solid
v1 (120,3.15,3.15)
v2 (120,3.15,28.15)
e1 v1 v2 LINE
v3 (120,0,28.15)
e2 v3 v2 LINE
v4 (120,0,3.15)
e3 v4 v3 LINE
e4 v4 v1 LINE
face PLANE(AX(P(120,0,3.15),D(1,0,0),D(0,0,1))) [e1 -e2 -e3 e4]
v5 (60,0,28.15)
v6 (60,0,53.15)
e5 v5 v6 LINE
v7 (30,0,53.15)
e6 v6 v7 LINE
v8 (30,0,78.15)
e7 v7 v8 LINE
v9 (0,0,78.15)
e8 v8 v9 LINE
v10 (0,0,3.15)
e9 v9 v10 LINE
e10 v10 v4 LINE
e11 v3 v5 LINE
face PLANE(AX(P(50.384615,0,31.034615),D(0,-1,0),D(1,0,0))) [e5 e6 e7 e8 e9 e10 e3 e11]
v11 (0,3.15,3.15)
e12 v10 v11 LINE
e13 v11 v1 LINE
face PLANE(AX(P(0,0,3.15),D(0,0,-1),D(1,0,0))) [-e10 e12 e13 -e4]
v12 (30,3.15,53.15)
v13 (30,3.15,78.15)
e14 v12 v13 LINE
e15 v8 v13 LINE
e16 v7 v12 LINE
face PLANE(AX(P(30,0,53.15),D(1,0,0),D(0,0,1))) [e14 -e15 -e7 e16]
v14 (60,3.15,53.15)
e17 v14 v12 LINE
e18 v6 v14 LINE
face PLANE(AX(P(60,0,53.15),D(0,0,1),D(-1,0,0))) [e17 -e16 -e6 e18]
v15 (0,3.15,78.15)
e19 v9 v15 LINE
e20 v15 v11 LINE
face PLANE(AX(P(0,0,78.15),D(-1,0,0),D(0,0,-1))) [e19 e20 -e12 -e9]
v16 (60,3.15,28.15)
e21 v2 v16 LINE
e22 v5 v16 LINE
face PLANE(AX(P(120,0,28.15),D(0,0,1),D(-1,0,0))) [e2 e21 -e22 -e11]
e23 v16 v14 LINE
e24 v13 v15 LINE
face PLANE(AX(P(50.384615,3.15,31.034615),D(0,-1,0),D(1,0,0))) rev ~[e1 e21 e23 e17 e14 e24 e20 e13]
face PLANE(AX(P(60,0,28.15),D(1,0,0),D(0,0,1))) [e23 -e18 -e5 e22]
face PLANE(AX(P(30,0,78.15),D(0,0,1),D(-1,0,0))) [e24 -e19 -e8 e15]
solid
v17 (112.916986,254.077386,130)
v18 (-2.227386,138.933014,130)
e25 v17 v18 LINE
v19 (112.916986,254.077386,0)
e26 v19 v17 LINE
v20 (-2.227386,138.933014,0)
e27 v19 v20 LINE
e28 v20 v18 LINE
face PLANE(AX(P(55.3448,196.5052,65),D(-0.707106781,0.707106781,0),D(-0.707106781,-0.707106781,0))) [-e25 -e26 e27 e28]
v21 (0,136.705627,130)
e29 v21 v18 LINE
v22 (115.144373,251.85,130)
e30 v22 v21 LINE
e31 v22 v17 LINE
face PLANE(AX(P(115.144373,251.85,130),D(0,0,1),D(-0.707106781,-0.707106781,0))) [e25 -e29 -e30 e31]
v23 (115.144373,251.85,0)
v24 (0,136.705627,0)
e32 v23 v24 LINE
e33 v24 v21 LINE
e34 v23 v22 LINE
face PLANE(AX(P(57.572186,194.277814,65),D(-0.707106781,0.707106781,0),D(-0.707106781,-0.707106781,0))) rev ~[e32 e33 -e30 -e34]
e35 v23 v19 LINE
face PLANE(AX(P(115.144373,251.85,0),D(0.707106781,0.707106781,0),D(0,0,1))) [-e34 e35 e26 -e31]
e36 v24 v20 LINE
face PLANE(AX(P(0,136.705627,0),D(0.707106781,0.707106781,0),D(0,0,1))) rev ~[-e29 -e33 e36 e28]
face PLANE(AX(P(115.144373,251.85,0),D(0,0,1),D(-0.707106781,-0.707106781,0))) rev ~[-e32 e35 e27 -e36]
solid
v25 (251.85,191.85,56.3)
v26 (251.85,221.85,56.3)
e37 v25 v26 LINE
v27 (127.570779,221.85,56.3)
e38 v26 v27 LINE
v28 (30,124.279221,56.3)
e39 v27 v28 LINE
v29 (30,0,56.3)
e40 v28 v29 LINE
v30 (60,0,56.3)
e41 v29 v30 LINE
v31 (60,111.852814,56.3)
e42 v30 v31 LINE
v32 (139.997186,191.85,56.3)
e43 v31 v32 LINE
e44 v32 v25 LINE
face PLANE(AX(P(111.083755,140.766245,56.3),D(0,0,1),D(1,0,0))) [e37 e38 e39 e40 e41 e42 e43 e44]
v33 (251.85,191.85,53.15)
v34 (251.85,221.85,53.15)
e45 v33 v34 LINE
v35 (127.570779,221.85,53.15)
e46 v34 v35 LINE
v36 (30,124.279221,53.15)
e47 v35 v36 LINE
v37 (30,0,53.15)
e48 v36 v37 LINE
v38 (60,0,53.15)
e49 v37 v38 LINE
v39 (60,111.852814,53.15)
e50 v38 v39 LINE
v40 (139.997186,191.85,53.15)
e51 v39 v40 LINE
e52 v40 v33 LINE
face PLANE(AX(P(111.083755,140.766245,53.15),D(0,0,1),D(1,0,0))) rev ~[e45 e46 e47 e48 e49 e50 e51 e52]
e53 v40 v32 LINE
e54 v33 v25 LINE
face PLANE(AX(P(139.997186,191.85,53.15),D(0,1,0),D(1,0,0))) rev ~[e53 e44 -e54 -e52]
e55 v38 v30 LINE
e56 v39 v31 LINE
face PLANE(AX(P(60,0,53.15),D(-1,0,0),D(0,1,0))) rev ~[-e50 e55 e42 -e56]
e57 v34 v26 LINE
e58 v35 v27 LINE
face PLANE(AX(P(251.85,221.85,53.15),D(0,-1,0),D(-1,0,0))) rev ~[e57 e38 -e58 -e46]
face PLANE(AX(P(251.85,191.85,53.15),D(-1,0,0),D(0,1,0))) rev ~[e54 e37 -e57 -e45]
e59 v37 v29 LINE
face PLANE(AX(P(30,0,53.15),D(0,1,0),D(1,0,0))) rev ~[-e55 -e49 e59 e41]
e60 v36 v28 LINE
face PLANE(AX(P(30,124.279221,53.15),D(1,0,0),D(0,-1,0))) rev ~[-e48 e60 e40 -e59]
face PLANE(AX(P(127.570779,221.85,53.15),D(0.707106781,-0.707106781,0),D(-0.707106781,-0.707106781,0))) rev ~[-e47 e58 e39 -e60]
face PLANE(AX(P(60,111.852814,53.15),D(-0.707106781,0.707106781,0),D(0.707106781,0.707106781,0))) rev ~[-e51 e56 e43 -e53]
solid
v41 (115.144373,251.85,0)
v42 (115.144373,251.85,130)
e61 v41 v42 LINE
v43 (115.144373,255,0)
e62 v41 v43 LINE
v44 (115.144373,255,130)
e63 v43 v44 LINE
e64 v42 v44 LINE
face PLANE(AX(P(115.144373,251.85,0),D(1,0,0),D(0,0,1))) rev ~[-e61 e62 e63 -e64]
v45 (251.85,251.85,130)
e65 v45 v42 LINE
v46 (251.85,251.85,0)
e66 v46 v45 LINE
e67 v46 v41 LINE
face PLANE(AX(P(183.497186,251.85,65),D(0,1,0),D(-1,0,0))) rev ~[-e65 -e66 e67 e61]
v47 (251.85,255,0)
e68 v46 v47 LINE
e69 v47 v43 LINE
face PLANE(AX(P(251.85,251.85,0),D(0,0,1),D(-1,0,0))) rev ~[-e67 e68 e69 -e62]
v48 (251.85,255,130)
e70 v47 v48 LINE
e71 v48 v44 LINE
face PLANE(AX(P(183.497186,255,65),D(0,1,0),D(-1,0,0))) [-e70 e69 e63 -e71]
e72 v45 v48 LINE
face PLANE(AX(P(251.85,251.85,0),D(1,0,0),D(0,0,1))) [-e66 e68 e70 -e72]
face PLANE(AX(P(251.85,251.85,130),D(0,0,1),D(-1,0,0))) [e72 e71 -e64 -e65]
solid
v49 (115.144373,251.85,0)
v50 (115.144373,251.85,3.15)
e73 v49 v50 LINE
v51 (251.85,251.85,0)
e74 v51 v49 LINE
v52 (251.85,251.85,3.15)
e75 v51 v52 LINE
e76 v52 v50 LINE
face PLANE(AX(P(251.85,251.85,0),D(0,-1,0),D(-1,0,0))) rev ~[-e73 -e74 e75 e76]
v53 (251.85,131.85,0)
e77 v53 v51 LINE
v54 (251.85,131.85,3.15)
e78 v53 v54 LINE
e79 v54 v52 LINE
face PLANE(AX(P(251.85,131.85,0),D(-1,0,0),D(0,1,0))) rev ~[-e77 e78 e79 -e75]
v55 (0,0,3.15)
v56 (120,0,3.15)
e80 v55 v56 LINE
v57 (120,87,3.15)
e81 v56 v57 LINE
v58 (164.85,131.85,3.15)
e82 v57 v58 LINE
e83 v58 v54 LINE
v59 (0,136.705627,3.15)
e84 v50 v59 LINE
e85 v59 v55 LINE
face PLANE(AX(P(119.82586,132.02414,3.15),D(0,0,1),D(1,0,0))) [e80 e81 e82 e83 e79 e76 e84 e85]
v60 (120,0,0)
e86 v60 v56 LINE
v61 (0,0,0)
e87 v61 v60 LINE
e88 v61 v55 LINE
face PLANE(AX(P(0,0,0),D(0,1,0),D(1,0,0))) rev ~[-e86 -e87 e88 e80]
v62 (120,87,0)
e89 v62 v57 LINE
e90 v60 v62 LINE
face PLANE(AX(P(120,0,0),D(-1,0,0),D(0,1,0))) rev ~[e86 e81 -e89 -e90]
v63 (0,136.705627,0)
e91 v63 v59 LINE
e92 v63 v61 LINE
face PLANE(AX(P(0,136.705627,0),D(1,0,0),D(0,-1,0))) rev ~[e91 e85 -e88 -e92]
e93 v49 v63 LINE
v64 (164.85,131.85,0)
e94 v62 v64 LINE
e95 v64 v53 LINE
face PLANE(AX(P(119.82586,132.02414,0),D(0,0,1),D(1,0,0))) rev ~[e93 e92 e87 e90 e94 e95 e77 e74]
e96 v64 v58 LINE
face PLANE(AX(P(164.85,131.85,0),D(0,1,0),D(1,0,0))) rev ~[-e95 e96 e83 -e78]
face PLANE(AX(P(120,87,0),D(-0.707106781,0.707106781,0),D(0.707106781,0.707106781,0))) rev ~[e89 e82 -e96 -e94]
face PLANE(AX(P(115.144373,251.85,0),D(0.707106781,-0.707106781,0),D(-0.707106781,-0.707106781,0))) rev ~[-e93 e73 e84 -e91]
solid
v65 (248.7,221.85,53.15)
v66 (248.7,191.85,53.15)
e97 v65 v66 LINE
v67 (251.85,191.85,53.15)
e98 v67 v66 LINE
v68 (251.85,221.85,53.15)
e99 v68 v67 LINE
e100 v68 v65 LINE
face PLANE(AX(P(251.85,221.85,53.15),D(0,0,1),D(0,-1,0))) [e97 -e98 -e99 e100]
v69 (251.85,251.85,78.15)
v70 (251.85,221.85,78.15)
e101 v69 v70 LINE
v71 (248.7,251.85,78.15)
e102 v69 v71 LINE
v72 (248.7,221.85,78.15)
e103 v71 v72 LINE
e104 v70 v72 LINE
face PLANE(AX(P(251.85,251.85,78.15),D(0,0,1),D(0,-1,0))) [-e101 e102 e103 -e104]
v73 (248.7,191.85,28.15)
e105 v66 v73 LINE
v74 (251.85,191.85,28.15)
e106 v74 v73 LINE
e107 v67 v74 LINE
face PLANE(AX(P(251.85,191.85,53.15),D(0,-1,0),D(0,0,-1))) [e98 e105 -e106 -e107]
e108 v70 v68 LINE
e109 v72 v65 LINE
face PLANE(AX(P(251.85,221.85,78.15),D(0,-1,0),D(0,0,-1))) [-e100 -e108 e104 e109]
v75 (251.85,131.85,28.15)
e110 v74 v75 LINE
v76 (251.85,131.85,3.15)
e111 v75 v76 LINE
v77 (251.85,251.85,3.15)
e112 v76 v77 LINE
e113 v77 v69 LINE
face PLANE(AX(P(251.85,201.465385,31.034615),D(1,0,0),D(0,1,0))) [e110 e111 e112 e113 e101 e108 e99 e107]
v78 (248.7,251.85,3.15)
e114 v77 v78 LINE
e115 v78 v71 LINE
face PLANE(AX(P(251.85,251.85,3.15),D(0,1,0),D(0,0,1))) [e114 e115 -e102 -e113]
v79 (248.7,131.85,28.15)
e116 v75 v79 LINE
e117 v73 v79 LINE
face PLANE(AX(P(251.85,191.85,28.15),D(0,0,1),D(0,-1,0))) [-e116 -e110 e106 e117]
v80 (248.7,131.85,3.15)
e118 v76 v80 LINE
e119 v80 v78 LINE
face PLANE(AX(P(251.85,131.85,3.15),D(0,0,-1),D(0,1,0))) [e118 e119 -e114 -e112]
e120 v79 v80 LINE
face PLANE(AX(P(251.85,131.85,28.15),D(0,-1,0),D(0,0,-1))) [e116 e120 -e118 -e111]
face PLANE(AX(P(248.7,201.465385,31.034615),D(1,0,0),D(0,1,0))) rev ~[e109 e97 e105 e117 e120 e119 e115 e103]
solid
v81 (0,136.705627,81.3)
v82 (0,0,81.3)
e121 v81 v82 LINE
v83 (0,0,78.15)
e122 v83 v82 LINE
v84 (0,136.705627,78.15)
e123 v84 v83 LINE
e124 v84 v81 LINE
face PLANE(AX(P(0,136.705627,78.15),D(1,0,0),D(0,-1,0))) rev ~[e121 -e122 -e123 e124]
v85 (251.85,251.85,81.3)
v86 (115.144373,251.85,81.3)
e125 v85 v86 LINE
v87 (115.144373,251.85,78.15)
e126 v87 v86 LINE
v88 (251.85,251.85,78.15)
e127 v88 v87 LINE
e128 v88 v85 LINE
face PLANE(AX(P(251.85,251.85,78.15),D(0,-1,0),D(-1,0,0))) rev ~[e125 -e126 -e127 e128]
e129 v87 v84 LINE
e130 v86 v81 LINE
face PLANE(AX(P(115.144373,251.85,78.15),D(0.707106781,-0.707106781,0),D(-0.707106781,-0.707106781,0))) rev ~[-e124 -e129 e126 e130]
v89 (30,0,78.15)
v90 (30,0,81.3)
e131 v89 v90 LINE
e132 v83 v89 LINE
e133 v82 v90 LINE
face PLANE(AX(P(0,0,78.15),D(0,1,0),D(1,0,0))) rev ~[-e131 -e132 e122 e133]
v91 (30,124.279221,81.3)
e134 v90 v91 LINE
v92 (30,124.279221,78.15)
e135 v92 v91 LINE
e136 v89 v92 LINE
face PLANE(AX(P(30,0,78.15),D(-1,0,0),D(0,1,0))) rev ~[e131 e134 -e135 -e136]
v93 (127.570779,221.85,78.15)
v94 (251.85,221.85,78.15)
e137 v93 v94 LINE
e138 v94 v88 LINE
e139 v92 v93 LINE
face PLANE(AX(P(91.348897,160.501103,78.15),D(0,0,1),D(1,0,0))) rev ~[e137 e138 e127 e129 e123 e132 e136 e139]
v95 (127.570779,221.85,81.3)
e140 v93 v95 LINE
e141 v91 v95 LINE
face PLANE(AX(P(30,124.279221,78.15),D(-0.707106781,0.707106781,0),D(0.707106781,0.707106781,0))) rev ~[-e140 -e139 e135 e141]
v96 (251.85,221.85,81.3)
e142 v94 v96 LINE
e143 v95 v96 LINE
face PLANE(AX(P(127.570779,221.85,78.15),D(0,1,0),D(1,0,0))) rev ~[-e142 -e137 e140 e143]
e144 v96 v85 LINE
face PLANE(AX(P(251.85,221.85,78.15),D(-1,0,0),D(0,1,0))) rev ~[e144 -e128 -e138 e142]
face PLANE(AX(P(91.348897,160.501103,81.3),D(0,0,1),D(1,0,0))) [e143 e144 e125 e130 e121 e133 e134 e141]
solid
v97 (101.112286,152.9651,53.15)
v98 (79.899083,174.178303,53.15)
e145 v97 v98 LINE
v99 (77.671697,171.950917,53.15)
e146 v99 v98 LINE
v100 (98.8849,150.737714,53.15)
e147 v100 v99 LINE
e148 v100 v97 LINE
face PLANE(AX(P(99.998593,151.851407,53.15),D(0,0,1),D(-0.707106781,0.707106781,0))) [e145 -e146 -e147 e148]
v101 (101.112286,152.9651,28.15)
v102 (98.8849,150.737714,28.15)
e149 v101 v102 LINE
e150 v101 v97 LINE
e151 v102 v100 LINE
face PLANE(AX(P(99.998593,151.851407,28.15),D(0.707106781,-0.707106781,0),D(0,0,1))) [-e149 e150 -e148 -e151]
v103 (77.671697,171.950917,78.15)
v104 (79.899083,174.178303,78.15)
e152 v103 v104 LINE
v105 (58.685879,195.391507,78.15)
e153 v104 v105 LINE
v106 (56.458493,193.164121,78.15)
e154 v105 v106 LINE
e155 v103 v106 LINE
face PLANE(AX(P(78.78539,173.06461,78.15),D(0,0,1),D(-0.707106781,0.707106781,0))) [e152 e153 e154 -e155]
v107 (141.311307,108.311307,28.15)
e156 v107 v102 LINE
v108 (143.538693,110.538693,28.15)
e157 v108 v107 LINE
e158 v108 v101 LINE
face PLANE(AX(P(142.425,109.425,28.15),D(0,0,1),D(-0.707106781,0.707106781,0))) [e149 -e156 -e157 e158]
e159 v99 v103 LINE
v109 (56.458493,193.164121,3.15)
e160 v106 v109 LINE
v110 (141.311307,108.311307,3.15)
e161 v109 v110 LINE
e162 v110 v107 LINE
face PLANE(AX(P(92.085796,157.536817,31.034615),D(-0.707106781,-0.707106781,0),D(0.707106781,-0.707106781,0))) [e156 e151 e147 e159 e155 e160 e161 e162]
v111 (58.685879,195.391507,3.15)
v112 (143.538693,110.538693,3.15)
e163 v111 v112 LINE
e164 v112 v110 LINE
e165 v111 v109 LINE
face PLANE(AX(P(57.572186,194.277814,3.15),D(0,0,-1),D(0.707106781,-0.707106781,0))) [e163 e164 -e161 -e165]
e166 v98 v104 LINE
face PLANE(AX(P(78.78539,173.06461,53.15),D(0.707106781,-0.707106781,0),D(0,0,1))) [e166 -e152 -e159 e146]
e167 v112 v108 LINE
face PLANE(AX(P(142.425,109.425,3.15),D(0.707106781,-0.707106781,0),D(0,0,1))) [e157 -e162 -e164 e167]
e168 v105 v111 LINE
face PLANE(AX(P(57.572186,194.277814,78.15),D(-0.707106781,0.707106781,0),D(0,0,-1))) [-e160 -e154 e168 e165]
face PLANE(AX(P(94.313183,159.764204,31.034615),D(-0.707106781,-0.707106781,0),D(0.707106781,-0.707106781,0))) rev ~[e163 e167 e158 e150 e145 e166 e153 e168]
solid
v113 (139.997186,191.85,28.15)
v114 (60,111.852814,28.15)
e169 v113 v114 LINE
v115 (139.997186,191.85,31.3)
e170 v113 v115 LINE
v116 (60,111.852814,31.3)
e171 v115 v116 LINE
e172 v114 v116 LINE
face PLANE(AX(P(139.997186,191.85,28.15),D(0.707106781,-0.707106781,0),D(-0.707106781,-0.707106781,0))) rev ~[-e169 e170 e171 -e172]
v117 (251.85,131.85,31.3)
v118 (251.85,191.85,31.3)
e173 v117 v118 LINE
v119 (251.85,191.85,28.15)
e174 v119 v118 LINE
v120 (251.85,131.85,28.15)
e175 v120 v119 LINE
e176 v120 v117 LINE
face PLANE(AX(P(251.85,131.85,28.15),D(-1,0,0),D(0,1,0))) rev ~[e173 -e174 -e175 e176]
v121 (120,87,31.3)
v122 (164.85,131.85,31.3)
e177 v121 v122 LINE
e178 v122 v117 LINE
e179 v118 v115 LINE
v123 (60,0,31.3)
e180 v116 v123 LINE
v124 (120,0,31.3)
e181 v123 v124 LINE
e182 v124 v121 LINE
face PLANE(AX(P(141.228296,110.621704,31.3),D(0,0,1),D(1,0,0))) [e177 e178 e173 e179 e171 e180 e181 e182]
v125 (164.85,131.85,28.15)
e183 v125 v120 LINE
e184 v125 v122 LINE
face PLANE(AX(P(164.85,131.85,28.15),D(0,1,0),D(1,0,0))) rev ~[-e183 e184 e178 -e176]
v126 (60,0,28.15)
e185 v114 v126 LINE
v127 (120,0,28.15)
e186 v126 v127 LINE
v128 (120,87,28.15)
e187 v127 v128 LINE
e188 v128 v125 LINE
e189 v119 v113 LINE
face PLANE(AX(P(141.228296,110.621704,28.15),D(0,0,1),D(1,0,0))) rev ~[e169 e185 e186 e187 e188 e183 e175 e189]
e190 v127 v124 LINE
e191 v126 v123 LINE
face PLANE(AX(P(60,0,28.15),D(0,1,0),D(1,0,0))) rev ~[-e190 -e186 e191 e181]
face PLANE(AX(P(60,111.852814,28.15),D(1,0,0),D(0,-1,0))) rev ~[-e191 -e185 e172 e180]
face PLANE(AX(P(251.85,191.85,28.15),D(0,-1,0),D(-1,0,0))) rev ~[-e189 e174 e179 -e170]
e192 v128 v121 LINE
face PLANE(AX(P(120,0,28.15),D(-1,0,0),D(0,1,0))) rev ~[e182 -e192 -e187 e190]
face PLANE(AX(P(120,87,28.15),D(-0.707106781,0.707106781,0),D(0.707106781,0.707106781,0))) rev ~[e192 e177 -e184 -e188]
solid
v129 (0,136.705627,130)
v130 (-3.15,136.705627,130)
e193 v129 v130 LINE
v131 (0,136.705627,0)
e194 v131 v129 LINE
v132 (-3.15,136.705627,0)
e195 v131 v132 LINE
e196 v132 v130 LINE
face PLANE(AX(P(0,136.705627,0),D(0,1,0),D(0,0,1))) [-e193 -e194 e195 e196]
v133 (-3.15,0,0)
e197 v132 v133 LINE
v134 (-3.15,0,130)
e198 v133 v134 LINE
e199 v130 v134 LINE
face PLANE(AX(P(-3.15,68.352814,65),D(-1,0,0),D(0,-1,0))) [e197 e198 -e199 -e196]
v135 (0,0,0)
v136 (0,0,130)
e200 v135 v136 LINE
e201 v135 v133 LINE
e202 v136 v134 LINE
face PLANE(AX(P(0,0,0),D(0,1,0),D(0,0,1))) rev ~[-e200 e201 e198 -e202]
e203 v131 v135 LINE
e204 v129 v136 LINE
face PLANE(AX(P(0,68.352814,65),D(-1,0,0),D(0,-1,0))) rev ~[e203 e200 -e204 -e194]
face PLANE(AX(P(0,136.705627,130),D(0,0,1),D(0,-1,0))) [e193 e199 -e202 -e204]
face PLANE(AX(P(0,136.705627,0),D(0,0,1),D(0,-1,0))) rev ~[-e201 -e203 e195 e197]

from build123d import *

# Parameters (mm, degrees)
F2_DEPTH       = 3.15
F4_DEPTH       = 3.15
F6_DEPTH       = 3.15
F7_W           = 136.7056274848
F7_H           = 130
F8_DEPTH       = 3.15
F9_W           = 136.7056274848
F9_H           = 130
F10_DEPTH      = 3.15
F11_W          = 162.838733242
F11_H          = 130
F12_DEPTH      = 3.15
F16_DEPTH      = 1.575
F16_DEPTH_BACK = 1.575
F18_DEPTH      = 3.15
F20_DEPTH      = 3.15
F22_DEPTH      = 3.15


with BuildPart() as f2:
    # F1 (on Top) → F2 (new body)
    with BuildSketch(Plane.XY):
        Polygon((0, 136.7056274848), (0, 0), (120, 0), (120, 87), (164.85, 131.85), (251.85, 131.85), (251.85, 251.85), (115.1443725152, 251.85), align=None)
    extrude(amount=F2_DEPTH)


with BuildPart() as f4:
    # F3 (on face) → F4 (new body)
    with BuildSketch(Plane.XZ):
        Polygon((0, 78.15), (0, 3.15), (120, 3.15), (120, 28.15), (60, 28.15), (60, 53.15), (30, 53.15), (30, 78.15), align=None)
    extrude(amount=-F4_DEPTH)


with BuildPart() as f6:
    # F5 (on face) → F6 (new body)
    with BuildSketch(Plane.YZ.offset(251.85)):
        Polygon((251.85, 78.15), (221.85, 78.15), (221.85, 53.15), (191.85, 53.15), (191.85, 28.15), (131.85, 28.15), (131.85, 3.15), (251.85, 3.15), align=None)
    extrude(amount=-F6_DEPTH)


with BuildPart() as f8:
    # F7 (on face) → F8 (new body)
    with BuildSketch(Plane(origin=(0, 0, 0), x_dir=(0, -1, 0), z_dir=(-1, 0, 0))):
        with Locations((-68.3528137424, 65)):
            Rectangle(F7_W, F7_H)
    extrude(amount=F8_DEPTH)


with BuildPart() as f10:
    # F9 (on face) → F10 (new body)
    with BuildSketch(Plane(origin=(0, 251.85, 0), x_dir=(-1, 0, 0), z_dir=(0, 1, 0))):
        with Locations((-183.4971862576, 65)):
            Rectangle(F9_W, F9_H)
    extrude(amount=F10_DEPTH)


with BuildPart() as f12:
    # F11 (on face) → F12 (new body)
    with BuildSketch(Plane(origin=(-68.3528137424, 68.3528137424, 0), x_dir=(-0.7071067812, -0.7071067812, 0), z_dir=(-0.7071067812, 0.7071067812, 0))):
        with Locations((-178.0848428418, 65)):
            Rectangle(F11_W, F11_H)
    extrude(amount=F12_DEPTH)


with BuildPart() as f16:
    # F15 (on plane+point) → F16 (new body, two sides)
    with BuildSketch(Plane(origin=(125.925, 125.925, 0), x_dir=(0.7071067812, -0.7071067812, 0), z_dir=(-0.7071067812, -0.7071067812, 0))) as f16_sk:
        Polygon((-66.6654762208, 78.15), (-96.6654762208, 78.15), (-96.6654762208, 3.15), (23.3345237792, 3.15), (23.3345237792, 28.15), (-36.6654762208, 28.15), (-36.6654762208, 53.15), (-66.6654762208, 53.15), align=None)
    extrude(amount=F16_DEPTH)
    extrude(f16_sk.sketch, amount=-F16_DEPTH_BACK)


with BuildPart() as f18:
    # F17 (on face) → F18 (new body)
    with BuildSketch(Plane.XY.offset(28.15)):
        Polygon((251.85, 191.85), (139.9971862576, 191.85), (60, 111.8528137424), (60, 0), (120, 0), (120, 87), (164.85, 131.85), (251.85, 131.85), align=None)
    extrude(amount=F18_DEPTH)


with BuildPart() as f20:
    # F19 (on face) → F20 (new body)
    with BuildSketch(Plane.XY.offset(53.15)):
        Polygon((251.85, 221.85), (127.5707793864, 221.85), (30, 124.2792206136), (30, 0), (60, 0), (60, 111.8528137424), (139.9971862576, 191.85), (251.85, 191.85), align=None)
    extrude(amount=F20_DEPTH)


with BuildPart() as f22:
    # F21 (on face) → F22 (new body)
    with BuildSketch(Plane.XY.offset(78.15)):
        Polygon((0, 136.7056274848), (0, 0), (30, 0), (30, 124.2792206136), (127.5707793864, 221.85), (251.85, 221.85), (251.85, 251.85), (115.1443725152, 251.85), align=None)
    extrude(amount=F22_DEPTH)


solid = Compound([f2.part, f4.part, f6.part, f8.part, f10.part, f12.part, f16.part, f18.part, f20.part, f22.part])
